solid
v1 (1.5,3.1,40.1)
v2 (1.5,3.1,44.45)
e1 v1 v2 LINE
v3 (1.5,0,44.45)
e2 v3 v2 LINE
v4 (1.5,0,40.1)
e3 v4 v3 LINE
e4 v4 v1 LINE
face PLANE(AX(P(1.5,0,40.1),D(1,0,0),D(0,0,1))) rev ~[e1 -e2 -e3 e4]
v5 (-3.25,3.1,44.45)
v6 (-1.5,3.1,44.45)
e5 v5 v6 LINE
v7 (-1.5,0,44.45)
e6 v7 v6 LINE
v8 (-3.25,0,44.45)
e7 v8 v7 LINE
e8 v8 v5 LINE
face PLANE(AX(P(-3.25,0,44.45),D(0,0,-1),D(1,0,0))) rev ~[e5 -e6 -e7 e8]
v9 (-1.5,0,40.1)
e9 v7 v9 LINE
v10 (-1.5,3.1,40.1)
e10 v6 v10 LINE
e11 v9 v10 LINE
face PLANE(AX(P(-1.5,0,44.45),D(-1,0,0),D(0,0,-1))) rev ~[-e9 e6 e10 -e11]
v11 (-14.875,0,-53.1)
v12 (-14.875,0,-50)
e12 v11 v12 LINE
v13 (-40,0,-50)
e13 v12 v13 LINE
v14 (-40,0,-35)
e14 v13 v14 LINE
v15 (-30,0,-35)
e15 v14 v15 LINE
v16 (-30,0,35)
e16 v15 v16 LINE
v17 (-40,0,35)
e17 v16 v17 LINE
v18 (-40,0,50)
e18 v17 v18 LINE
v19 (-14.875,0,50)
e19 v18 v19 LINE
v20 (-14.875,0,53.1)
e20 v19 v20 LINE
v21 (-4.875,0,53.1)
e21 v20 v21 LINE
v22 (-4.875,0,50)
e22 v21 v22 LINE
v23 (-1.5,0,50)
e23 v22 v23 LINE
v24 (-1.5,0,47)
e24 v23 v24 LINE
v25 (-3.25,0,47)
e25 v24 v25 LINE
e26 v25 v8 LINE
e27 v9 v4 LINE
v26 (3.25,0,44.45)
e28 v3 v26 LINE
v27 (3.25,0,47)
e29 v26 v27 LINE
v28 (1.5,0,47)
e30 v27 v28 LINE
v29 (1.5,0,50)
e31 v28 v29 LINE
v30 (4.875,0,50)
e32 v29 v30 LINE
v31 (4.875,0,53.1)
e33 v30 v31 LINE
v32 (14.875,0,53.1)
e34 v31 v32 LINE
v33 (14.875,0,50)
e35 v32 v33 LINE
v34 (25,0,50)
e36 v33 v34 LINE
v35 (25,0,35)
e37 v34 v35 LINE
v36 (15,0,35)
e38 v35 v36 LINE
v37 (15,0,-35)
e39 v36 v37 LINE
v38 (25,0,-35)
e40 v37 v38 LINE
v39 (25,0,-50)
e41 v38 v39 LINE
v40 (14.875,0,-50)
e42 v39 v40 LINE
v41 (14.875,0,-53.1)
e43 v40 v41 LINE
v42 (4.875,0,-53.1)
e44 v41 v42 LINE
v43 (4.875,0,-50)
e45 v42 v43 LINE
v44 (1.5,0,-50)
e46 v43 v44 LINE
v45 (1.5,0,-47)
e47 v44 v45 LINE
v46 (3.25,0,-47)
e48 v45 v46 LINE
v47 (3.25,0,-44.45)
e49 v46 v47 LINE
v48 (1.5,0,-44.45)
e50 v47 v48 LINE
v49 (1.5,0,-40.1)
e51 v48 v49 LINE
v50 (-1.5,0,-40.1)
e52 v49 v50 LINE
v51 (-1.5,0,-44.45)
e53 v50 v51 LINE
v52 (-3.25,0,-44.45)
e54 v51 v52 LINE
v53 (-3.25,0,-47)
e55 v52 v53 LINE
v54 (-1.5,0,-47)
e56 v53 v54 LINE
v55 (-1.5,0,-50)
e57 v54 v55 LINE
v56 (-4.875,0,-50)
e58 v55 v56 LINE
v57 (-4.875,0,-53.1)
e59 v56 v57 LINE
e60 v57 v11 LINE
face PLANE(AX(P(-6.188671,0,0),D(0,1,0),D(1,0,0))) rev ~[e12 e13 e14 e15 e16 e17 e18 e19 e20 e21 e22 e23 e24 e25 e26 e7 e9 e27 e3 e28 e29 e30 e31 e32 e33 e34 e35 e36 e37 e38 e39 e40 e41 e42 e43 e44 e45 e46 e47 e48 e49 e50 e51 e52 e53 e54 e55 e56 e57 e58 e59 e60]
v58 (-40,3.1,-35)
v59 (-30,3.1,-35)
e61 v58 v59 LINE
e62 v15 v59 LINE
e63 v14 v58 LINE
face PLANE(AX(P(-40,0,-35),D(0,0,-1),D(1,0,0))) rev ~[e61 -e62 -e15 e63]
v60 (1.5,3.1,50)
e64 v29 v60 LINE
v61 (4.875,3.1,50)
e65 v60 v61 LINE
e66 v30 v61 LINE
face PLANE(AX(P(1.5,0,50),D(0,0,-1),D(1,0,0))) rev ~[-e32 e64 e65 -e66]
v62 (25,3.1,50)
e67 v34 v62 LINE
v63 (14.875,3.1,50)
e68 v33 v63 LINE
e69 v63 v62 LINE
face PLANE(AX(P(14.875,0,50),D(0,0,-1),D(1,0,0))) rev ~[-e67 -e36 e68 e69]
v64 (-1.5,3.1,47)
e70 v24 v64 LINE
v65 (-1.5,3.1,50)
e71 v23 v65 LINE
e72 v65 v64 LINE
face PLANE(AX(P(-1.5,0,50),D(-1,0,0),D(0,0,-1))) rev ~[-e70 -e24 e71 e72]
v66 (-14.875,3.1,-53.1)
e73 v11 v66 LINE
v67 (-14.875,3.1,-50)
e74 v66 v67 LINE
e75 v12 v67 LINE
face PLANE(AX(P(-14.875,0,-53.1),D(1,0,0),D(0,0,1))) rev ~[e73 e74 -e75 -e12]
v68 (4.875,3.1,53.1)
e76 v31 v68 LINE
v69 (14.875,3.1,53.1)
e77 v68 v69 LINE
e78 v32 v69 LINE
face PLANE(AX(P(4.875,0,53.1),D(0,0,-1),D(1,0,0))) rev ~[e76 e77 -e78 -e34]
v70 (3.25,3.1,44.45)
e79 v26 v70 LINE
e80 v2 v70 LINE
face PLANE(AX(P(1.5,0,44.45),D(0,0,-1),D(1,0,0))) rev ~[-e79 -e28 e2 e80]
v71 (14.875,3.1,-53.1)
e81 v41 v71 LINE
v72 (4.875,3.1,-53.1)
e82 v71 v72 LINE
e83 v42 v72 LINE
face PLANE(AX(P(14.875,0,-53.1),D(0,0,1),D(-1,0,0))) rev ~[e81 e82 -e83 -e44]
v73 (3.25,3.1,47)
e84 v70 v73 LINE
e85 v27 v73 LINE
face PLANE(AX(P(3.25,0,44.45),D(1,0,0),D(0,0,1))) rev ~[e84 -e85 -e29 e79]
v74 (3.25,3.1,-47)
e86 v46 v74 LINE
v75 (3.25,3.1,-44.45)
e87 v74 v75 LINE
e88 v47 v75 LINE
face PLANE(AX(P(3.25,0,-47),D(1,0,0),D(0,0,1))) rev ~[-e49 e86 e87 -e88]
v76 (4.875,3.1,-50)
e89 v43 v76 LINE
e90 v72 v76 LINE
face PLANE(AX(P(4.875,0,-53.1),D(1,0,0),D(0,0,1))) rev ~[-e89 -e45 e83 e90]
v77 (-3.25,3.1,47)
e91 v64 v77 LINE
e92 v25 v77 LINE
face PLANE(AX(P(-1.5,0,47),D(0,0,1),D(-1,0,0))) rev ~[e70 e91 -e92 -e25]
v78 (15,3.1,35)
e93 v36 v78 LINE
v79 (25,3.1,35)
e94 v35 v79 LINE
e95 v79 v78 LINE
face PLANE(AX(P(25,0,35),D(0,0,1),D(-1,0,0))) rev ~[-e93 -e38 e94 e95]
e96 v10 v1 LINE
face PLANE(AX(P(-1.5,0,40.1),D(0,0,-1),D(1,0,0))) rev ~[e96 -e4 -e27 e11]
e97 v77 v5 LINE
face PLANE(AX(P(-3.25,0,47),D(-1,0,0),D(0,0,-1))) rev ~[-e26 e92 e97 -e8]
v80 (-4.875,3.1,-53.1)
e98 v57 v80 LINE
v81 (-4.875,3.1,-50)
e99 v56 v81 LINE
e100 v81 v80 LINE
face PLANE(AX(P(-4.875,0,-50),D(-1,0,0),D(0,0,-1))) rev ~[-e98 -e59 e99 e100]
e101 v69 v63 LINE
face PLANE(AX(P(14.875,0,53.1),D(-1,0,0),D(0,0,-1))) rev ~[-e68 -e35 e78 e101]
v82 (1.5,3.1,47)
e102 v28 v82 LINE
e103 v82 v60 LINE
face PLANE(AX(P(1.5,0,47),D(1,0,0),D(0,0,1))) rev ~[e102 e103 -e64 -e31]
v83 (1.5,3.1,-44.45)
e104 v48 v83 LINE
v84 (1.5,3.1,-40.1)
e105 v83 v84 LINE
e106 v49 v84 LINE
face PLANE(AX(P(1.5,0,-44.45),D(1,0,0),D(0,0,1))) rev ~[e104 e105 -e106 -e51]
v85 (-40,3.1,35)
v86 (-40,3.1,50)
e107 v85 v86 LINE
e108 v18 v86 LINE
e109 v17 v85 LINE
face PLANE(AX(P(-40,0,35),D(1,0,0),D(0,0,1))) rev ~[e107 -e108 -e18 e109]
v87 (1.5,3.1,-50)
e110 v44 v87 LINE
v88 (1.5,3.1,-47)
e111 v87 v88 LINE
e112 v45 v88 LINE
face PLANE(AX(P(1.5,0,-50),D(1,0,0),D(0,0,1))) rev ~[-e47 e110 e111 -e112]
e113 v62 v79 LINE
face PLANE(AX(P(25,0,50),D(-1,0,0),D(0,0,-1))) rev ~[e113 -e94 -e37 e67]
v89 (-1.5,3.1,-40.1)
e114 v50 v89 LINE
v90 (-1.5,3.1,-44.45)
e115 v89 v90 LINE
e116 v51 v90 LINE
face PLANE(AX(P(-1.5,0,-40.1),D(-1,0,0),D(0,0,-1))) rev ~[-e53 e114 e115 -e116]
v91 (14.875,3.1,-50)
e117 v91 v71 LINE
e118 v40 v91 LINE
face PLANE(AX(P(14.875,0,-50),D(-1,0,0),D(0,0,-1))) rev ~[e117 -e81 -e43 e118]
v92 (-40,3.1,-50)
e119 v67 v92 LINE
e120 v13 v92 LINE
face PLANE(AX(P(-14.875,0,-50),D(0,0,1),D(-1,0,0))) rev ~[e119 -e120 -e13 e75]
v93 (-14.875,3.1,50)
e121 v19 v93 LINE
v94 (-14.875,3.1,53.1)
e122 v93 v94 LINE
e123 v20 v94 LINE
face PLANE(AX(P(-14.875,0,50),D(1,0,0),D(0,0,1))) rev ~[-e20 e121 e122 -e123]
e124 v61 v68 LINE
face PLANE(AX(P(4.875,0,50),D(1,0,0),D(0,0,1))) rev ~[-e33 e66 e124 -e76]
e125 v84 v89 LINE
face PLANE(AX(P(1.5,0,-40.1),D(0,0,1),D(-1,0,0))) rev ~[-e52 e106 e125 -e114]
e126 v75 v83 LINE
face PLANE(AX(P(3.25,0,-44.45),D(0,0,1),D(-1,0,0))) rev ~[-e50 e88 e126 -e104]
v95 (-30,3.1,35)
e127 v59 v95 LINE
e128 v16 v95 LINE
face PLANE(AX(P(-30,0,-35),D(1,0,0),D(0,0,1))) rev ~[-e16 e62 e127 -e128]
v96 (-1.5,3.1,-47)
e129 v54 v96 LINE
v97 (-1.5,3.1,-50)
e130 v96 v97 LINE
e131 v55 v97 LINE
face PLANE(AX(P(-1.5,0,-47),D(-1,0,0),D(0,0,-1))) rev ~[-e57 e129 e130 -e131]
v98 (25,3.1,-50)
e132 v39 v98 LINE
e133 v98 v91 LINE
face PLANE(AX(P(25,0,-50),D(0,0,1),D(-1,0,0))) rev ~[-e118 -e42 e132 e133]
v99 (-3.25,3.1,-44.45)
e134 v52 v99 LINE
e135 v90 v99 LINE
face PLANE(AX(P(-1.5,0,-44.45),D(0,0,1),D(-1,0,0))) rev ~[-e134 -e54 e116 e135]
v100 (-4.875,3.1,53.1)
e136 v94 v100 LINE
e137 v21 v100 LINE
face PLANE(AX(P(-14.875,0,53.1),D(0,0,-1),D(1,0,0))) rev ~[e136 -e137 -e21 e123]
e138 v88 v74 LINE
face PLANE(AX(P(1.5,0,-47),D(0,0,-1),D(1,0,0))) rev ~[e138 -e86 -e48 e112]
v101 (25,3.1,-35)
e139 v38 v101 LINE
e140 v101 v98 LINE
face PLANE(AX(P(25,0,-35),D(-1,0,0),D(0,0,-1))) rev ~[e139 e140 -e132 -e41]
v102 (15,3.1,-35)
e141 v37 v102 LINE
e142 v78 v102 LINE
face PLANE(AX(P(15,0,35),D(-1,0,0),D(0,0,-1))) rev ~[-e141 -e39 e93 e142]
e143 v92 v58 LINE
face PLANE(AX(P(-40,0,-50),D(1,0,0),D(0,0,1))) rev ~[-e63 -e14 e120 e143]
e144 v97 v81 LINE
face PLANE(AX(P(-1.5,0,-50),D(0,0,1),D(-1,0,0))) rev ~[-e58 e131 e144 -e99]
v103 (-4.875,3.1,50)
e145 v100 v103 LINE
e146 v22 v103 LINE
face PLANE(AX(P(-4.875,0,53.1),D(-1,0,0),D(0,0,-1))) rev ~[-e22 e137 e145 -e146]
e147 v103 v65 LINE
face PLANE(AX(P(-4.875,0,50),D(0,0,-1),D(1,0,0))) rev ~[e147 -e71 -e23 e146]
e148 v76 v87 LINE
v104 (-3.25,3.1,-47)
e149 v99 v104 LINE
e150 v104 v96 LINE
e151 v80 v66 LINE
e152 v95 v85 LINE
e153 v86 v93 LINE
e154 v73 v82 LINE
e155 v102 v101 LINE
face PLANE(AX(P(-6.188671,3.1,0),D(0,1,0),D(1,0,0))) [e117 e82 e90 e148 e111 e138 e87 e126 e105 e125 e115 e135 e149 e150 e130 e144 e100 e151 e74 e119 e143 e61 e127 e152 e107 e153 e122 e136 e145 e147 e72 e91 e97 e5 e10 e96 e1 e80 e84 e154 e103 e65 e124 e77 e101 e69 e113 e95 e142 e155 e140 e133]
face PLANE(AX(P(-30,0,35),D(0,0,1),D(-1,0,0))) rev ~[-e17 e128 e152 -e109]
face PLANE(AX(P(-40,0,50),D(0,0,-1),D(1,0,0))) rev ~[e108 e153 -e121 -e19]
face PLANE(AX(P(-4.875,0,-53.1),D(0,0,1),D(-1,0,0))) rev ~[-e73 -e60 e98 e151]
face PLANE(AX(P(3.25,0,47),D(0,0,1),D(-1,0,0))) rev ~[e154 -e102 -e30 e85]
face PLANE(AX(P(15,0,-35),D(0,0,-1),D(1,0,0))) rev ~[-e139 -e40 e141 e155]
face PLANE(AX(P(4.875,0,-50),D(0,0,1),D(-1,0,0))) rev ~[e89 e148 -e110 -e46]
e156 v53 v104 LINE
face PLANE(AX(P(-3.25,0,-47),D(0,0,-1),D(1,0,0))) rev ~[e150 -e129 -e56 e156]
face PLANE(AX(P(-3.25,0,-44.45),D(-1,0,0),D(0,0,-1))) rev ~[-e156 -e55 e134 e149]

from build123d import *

# Parameters (mm, degrees)
EXTRUDE_1_DEPTH = 3.1


with BuildPart() as part:
    # 草图1 → 凸台-拉伸1 (new body)
    with BuildSketch(Plane(origin=(0, 0, 0), x_dir=(1, 0, 0), z_dir=(0, 1, 0))):
        Polygon((-14.875, 50), (-40, 50), (-40, 35), (-30, 35), (-30, -35), (-40, -35), (-40, -50), (-14.875, -50), (-14.875, -53.1), (-4.875, -53.1), (-4.875, -50), (-1.5, -50), (-1.5, -47), (-3.25, -47), (-3.25, -44.45), (-1.5, -44.45), (-1.5, -40.1), (1.5, -40.1), (1.5, -44.45), (3.25, -44.45), (3.25, -47), (1.5, -47), (1.5, -50), (4.875, -50), (4.875, -53.1), (14.875, -53.1), (14.875, -50), (25, -50), (25, -35), (15, -35), (15, 35), (25, 35), (25, 50), (14.875, 50), (14.875, 53.1), (4.875, 53.1), (4.875, 50), (1.5, 50), (1.5, 47), (3.25, 47), (3.25, 44.45), (1.5, 44.45), (1.5, 40.1), (-1.5, 40.1), (-1.5, 44.45), (-3.25, 44.45), (-3.25, 47), (-1.5, 47), (-1.5, 50), (-4.875, 50), (-4.875, 53.1), (-14.875, 53.1), align=None)
    extrude(amount=EXTRUDE_1_DEPTH)


solid = part.part
